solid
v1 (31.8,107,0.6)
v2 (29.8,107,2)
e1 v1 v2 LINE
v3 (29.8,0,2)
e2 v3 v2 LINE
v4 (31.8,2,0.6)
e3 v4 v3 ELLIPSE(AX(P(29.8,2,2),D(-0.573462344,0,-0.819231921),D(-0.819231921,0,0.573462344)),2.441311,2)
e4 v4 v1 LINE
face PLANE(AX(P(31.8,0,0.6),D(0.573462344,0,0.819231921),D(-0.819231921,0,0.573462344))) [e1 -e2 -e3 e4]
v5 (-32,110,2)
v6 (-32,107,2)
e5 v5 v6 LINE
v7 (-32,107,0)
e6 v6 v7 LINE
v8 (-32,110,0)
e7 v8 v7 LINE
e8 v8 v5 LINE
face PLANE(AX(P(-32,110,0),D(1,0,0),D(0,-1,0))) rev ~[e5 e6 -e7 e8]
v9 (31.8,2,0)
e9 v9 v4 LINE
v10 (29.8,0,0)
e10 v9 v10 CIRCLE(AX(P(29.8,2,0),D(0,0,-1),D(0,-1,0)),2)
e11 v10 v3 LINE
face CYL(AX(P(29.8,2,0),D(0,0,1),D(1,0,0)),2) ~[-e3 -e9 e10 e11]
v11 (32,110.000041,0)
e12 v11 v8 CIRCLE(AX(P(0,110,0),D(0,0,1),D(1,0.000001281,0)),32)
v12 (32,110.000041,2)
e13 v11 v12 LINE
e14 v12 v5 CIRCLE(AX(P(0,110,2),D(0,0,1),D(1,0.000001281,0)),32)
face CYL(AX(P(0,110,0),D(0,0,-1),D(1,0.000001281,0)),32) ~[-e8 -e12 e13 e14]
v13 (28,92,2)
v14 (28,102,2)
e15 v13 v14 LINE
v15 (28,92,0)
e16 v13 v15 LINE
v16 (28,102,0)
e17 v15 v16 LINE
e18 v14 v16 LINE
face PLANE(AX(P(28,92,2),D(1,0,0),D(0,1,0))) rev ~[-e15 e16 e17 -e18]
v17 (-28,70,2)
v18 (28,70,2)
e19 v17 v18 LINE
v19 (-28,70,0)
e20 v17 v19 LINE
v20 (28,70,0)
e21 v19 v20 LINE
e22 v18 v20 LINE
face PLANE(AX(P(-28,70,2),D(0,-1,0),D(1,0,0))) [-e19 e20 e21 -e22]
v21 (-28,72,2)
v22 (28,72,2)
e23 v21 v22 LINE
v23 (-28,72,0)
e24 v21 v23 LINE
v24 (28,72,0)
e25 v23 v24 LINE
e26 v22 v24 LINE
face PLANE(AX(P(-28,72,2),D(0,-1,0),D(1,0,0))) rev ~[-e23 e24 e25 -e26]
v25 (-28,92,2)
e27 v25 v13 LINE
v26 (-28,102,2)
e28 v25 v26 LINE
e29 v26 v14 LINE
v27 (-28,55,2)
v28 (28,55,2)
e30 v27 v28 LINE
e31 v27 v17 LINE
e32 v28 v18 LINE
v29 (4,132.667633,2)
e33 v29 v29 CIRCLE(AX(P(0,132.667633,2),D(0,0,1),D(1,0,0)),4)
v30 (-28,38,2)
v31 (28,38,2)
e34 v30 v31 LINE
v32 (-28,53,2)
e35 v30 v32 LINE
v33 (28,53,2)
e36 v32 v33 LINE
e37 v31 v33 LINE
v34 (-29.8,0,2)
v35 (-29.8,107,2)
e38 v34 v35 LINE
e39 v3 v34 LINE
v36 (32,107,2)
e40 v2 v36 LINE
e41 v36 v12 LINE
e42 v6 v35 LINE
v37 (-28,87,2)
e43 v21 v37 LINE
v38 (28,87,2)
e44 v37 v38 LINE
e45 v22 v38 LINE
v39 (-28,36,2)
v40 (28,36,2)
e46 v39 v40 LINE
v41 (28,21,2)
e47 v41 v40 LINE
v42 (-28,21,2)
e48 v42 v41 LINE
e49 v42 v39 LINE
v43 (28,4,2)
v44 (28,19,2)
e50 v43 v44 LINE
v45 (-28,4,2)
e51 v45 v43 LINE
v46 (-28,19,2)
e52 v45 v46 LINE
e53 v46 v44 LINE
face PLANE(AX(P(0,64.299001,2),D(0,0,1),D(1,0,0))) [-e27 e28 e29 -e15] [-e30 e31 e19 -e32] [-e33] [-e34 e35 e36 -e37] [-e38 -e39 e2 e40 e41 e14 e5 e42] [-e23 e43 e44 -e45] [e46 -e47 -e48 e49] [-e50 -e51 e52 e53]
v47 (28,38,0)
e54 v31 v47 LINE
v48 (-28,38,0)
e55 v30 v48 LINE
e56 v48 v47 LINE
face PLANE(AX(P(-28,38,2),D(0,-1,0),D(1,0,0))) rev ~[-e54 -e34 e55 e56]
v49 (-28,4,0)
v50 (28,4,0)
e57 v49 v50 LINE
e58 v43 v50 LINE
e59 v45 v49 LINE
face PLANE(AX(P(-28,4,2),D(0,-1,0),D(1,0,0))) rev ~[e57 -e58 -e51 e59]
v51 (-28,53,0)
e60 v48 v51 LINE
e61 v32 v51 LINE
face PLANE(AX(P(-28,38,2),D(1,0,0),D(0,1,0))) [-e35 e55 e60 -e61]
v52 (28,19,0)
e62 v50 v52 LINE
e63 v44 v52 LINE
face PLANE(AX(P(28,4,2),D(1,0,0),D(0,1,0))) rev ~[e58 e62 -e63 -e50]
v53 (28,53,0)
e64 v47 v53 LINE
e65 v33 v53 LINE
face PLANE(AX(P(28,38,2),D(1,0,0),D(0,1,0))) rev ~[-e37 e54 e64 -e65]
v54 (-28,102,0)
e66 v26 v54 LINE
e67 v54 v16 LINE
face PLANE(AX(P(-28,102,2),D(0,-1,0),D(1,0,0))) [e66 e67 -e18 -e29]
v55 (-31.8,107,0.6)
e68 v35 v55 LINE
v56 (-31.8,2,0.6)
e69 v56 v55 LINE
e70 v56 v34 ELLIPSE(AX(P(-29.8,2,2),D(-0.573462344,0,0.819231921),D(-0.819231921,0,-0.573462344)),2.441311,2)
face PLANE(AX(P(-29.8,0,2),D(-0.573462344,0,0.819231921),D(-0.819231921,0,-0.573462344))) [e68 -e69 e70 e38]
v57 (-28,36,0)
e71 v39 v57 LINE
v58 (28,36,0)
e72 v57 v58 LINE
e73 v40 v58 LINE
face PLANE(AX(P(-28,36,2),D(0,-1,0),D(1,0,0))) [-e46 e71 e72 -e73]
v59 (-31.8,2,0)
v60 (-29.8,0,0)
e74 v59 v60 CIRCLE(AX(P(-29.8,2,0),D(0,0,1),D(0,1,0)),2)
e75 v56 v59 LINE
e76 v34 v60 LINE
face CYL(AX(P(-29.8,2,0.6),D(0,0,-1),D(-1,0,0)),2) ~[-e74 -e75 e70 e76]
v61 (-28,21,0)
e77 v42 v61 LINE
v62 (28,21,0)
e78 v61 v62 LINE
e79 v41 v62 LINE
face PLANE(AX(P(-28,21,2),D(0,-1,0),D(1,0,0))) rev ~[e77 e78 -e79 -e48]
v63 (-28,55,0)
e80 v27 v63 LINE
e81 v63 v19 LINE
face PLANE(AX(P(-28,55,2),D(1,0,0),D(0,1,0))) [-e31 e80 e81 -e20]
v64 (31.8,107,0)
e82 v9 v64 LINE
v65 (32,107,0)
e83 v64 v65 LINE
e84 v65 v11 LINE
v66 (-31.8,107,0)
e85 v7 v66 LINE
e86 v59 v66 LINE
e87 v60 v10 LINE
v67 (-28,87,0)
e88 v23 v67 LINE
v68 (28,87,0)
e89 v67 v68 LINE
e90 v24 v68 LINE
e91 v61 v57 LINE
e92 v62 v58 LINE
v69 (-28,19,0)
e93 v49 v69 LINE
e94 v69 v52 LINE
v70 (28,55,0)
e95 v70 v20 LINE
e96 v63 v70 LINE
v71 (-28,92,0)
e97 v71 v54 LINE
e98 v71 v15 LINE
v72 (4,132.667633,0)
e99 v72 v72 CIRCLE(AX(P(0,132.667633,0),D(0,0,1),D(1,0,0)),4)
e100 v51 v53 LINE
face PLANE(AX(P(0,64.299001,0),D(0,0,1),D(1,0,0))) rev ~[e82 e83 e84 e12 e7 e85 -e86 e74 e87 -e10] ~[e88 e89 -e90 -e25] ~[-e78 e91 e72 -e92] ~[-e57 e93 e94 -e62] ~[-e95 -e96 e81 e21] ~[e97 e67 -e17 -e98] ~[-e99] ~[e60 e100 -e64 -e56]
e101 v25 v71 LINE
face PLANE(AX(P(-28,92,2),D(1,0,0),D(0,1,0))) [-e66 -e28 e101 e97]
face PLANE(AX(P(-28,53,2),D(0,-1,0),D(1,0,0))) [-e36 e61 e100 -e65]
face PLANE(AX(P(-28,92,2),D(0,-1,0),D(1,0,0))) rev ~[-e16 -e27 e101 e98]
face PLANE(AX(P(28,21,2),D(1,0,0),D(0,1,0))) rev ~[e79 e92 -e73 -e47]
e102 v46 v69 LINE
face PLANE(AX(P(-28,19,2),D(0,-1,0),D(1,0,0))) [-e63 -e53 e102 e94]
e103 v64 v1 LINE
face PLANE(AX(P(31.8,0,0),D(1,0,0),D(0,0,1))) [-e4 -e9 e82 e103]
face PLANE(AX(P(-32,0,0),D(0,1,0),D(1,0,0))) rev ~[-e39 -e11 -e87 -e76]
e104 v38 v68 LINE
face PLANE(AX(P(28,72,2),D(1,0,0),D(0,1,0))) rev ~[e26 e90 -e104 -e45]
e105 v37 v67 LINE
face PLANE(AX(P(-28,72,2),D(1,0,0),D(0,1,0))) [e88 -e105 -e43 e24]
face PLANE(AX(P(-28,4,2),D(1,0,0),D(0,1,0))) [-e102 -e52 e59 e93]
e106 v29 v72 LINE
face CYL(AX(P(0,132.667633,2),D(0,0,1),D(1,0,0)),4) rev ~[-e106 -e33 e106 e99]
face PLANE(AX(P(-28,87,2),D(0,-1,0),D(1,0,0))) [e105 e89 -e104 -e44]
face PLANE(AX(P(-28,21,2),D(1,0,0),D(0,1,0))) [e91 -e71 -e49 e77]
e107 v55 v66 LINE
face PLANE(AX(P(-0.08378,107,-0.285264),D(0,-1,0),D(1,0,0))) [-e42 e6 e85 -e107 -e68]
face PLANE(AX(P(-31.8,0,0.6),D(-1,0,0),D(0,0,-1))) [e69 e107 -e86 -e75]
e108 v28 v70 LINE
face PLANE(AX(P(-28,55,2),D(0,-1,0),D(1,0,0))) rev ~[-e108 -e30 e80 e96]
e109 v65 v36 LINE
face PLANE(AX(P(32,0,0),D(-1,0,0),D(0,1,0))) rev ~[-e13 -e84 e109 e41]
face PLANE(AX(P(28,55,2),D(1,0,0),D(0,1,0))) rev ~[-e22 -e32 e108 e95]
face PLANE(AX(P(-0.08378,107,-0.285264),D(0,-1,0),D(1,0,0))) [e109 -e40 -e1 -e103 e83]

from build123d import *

# Parameters (mm, degrees)
PAD_DEPTH       = 2
SKETCH001_R     = 4
SKETCH001_W     = 56
SKETCH001_H     = 15
SKETCH001_H_2   = 10
POCKET_DEPTH    = 2.001
SKETCH002_W     = 70.645367
SKETCH002_H     = 8.666905
POCKET001_DEPTH = 107
FILLET_R        = 2


with BuildPart() as part:
    # Sketch → Pad (new body)
    with BuildSketch(Plane.XY):
        with BuildLine():
            Line((-32, 110), (-32, 0))
            Line((-32, 0), (32, 0))
            Line((32, 0), (32, 110.000041))
            ThreePointArc((32, 110.000041), (-2.1e-05, 142), (-32, 110))
        make_face()
    extrude(amount=PAD_DEPTH)

    # Sketch001 (on DatumPlane) → Pocket (cut, through all)
    with BuildSketch(Plane.XY.offset(2)):
        with Locations((0, 132.667633)):
            Circle(SKETCH001_R)
        with Locations((0, 11.5)):
            Rectangle(SKETCH001_W, SKETCH001_H)
        with Locations((0, 28.5)):
            Rectangle(SKETCH001_W, SKETCH001_H)
        with Locations((0, 45.5)):
            Rectangle(SKETCH001_W, SKETCH001_H)
        with Locations((0, 62.5)):
            Rectangle(SKETCH001_W, SKETCH001_H)
        with Locations((0, 79.5)):
            Rectangle(SKETCH001_W, SKETCH001_H)
        with Locations((0, 97)):
            Rectangle(SKETCH001_W, SKETCH001_H_2)
    extrude(amount=-POCKET_DEPTH, mode=Mode.SUBTRACT)

    # Sketch002 (on DatumPlane) → Pocket001 (cut)
    with BuildSketch(Plane.XZ):
        with Locations((-0.08378, -0.285264)):
            Rectangle(SKETCH002_W, SKETCH002_H)
        Polygon((29.8, 2), (-29.8, 2), (-31.8, 0.6), (-31.8, 0), (31.8, 0), (31.8, 0.6), align=None, mode=Mode.SUBTRACT)
    extrude(amount=-POCKET001_DEPTH, mode=Mode.SUBTRACT)

    # Fillet
    fillet_edges = [part.edges().sort_by_distance(p)[0] for p in [
        (-31.8, 0, 0.3),
        (31.8, 0, 0.3),
    ]]
    fillet(fillet_edges, radius=FILLET_R)


solid = part.part
